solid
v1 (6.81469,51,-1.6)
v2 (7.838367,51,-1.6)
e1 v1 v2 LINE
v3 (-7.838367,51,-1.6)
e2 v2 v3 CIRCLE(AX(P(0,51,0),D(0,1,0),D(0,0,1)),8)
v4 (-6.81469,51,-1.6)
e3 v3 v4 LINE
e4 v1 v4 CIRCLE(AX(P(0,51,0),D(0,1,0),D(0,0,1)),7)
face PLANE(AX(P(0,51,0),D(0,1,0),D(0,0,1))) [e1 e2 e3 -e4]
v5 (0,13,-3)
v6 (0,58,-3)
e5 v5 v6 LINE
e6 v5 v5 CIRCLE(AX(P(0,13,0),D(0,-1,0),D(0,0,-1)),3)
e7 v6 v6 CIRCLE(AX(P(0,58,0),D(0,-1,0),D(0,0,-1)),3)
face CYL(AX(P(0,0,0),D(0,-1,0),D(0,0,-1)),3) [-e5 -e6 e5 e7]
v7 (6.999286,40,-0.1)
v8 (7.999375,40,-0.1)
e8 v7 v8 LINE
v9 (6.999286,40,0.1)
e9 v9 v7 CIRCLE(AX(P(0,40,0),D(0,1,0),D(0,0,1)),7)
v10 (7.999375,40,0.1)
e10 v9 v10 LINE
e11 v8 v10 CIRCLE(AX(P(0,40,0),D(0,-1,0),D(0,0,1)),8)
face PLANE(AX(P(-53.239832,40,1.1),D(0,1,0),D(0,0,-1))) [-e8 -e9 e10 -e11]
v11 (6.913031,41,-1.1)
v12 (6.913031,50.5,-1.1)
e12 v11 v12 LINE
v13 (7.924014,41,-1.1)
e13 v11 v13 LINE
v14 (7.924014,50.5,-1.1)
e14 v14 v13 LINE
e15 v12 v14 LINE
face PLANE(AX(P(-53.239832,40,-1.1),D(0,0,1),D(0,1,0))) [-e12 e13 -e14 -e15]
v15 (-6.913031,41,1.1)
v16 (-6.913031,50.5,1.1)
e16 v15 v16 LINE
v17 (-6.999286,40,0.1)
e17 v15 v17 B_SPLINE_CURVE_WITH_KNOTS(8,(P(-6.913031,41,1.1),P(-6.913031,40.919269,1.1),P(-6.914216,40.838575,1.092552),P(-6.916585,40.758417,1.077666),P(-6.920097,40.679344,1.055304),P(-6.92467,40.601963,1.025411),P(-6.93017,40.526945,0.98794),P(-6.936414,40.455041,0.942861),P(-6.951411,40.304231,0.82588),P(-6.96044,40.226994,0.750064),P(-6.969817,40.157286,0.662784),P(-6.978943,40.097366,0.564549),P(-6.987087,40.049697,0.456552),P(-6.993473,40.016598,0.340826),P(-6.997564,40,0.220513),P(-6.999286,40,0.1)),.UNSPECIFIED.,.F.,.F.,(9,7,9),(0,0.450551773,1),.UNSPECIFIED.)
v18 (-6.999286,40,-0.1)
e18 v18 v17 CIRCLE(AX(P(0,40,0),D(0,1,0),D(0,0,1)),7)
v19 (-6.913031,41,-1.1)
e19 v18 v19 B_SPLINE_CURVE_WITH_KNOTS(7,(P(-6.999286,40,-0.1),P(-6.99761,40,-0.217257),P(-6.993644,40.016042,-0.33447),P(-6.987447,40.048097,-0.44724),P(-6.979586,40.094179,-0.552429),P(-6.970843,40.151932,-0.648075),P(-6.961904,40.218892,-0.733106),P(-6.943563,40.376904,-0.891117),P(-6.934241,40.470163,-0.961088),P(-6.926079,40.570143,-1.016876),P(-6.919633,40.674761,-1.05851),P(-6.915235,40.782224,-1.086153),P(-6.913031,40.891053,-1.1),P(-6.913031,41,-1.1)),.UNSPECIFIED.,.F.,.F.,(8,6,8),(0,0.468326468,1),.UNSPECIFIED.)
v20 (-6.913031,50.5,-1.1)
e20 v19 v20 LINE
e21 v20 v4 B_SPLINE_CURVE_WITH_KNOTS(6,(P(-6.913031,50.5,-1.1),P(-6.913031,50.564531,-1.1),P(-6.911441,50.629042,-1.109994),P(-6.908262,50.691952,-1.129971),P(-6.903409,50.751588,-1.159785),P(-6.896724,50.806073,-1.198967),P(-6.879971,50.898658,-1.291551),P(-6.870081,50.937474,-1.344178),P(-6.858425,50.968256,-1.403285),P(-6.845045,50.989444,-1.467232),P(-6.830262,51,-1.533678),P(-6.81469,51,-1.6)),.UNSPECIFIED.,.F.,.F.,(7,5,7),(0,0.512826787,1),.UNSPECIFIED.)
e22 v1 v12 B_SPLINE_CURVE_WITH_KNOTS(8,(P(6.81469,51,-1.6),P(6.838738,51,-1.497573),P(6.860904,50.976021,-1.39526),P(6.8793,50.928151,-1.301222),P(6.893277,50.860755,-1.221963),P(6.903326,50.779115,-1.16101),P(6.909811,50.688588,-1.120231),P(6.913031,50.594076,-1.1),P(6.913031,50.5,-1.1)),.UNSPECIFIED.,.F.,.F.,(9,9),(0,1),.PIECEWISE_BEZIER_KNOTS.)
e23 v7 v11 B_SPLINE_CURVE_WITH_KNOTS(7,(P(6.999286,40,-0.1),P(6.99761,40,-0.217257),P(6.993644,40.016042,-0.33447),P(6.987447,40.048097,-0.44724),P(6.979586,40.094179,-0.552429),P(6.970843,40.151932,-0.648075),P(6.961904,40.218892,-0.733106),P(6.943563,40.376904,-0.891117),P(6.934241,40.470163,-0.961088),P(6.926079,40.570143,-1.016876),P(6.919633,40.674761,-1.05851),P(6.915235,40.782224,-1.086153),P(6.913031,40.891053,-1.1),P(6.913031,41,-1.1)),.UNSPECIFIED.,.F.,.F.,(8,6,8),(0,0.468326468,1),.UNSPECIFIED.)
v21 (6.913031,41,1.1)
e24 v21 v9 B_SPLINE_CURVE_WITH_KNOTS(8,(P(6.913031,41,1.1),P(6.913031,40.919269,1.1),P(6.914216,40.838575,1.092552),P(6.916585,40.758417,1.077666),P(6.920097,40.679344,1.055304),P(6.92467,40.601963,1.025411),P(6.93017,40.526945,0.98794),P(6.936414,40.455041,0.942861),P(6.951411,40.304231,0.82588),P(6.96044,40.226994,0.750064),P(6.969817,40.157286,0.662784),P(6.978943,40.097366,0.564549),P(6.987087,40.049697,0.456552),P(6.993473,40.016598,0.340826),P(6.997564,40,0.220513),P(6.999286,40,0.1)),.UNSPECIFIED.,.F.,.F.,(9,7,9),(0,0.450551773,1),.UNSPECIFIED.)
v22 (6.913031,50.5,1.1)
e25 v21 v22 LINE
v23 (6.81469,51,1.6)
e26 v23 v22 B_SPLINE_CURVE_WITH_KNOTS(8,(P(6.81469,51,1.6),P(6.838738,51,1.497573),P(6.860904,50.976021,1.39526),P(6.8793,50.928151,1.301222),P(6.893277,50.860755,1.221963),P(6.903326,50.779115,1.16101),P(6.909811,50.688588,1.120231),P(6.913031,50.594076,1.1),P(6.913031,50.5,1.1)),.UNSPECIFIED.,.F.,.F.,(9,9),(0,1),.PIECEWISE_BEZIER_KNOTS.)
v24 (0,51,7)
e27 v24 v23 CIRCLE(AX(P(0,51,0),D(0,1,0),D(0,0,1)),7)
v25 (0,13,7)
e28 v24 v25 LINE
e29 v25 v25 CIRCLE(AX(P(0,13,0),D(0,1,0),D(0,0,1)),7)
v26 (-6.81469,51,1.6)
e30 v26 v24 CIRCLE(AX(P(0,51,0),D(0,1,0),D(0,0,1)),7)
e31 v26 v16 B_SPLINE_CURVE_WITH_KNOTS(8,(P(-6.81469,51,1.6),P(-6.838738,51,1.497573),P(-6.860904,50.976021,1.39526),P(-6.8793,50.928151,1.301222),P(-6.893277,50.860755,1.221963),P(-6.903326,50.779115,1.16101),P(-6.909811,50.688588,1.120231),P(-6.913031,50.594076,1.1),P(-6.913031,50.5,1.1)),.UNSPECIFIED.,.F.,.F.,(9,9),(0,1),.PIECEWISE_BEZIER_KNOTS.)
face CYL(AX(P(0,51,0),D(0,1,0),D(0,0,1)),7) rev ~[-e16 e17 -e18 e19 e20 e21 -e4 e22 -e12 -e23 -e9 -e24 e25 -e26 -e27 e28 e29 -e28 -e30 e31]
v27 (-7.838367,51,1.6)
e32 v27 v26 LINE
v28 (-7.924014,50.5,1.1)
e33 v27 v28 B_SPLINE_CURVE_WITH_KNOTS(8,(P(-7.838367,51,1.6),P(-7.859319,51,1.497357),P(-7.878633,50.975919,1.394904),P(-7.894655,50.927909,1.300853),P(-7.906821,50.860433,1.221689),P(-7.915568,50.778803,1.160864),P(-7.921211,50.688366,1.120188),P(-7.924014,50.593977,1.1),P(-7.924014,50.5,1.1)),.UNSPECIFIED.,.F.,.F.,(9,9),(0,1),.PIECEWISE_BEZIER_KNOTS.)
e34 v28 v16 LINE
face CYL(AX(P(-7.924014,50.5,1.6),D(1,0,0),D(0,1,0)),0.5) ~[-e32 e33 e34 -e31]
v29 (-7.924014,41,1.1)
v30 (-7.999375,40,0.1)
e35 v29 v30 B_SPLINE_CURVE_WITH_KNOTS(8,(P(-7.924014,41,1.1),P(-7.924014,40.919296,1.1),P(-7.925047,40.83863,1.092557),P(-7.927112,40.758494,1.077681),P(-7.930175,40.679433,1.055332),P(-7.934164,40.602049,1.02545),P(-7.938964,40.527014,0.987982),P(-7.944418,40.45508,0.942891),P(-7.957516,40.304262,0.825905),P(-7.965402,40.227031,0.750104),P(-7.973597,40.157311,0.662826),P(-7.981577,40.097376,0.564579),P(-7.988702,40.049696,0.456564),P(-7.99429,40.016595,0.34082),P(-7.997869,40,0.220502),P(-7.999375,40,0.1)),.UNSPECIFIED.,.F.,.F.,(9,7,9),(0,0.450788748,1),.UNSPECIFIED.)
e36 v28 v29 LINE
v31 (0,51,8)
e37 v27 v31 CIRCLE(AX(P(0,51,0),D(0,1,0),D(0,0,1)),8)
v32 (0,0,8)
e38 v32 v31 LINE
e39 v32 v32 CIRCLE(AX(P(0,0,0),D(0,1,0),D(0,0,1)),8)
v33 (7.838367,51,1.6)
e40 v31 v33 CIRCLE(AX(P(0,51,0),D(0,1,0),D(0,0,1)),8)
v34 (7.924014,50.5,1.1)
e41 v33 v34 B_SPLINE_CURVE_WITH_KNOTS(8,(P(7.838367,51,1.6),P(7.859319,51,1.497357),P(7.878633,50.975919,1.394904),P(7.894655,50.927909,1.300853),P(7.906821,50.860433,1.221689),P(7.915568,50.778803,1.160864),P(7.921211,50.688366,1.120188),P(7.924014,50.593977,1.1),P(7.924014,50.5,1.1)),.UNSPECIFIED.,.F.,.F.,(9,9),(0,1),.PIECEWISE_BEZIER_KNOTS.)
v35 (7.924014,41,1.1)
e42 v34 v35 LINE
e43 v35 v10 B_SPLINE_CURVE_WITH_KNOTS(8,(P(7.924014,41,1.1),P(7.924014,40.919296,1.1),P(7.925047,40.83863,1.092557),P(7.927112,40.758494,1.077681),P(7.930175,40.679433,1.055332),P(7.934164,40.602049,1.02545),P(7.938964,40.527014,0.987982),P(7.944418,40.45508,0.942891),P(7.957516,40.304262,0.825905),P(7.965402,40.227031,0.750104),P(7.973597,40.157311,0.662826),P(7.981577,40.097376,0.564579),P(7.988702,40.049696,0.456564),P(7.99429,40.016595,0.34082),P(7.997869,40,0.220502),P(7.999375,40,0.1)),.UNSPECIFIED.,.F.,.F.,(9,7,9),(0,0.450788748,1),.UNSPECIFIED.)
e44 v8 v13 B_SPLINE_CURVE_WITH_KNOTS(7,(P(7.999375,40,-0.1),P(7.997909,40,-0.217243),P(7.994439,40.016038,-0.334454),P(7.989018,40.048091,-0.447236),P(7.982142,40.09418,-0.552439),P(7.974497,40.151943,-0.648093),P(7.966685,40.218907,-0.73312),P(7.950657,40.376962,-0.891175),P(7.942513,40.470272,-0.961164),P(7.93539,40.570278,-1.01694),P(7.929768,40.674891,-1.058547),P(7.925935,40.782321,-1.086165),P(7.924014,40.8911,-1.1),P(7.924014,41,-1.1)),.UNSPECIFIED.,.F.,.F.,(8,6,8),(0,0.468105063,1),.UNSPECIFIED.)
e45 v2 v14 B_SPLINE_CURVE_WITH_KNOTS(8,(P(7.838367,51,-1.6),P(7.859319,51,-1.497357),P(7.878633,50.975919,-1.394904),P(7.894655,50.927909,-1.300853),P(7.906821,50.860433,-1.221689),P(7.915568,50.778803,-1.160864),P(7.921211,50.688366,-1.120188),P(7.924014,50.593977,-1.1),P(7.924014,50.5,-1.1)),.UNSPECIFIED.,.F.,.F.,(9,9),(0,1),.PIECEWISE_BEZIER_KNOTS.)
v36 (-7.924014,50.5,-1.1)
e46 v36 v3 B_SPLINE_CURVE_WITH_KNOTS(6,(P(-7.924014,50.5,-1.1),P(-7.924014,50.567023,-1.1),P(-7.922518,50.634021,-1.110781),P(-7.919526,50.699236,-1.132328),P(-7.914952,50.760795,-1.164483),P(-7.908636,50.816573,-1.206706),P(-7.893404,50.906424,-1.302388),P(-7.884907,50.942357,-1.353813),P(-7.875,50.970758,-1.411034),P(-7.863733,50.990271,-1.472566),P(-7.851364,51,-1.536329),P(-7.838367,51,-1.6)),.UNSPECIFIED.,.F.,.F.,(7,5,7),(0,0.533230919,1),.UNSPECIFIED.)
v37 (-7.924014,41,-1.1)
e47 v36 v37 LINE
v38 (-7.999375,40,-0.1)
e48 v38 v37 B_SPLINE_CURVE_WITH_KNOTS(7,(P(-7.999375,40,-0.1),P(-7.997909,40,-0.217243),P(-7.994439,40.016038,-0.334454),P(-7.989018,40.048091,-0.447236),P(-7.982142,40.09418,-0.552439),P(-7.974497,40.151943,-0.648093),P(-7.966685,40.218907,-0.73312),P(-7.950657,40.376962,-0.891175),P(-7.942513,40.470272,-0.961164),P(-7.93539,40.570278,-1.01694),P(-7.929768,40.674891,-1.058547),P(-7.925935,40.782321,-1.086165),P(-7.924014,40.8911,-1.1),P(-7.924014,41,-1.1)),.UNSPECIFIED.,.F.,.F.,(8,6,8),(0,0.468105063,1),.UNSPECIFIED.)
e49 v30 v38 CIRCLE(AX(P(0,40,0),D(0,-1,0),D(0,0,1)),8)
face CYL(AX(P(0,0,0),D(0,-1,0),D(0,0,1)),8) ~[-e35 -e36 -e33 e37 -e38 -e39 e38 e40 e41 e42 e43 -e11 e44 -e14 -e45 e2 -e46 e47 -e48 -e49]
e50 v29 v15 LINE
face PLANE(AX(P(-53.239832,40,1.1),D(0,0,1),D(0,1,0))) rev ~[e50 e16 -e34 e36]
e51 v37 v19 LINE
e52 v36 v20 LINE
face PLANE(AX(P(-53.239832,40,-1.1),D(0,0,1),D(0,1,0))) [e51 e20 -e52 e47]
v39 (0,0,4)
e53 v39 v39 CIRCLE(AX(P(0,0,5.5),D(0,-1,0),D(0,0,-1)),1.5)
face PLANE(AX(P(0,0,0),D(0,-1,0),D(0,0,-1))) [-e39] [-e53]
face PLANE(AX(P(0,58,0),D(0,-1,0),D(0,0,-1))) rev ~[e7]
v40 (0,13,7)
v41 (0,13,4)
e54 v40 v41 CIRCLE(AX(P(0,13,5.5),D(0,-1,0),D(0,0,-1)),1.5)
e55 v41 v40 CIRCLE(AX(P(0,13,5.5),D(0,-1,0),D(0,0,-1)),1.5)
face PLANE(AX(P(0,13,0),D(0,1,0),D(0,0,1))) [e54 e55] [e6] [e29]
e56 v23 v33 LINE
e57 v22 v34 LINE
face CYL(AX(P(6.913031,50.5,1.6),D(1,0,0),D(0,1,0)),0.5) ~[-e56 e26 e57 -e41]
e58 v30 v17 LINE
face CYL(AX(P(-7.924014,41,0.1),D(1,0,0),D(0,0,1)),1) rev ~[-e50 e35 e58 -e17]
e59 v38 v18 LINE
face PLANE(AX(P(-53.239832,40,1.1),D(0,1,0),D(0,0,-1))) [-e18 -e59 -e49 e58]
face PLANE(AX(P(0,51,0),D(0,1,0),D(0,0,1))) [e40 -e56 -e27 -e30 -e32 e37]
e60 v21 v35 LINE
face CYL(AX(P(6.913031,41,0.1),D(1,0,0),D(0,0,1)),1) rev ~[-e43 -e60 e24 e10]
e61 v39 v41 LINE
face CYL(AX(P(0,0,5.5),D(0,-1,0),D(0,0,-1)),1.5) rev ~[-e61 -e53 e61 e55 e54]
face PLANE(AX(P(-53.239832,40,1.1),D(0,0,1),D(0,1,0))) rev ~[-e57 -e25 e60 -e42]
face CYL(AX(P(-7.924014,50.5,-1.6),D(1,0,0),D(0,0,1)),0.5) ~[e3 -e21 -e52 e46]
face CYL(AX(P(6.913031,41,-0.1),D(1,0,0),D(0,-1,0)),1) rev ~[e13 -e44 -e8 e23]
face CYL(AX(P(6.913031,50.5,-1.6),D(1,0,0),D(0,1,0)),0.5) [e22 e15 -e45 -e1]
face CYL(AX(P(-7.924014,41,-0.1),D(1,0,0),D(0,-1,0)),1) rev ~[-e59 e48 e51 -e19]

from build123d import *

# Parameters (mm, degrees)
SKETCH_1_R               = 8
EXTRUDE_1_DEPTH          = 51
SKETCH_2_R               = 7
CUT_EXTRUDE_1_DEPTH      = 38
CUT_EXTRUDE_2_DEPTH      = 53.239831546
CUT_EXTRUDE_2_DEPTH_BACK = 53.239831546
SKETCH_3_W               = 2.2
SKETCH_3_H               = 22
FILLET_1_R               = 0.5
FILLET_2_R               = 1
SKETCH_5_R               = 1.5
CUT_EXTRUDE_8_DEPTH      = 38
SKETCH_4_R               = 3
EXTRUDE_2_DEPTH          = 58


with BuildPart() as part:
    # 草图1 → 凸台-拉伸1 (new body)
    with BuildSketch(Plane(origin=(0, 0, 0), x_dir=(1, 0, 0), z_dir=(0, 1, 0))):
        with Locations(Location((0, 0, 0), (0, 0, 270))):
            Circle(SKETCH_1_R)
    extrude(amount=EXTRUDE_1_DEPTH)

    # 草图2 → 切除-拉伸1 (cut)
    with BuildSketch(Plane(origin=(0, 51, 0), x_dir=(1, 0, 0), z_dir=(0, 1, 0))):
        with Locations(Location((0, 0, 0), (0, 0, 270))):
            Circle(SKETCH_2_R)
    extrude(amount=-CUT_EXTRUDE_1_DEPTH, mode=Mode.SUBTRACT)

    # 草图3 → 切除-拉伸2 (cut, two sides: drawn at the far end of the back side and taken through both)
    with BuildSketch(Plane(origin=(0, 0, 0), x_dir=(0, 0, -1), z_dir=(1, 0, 0)).offset(-CUT_EXTRUDE_2_DEPTH_BACK)):
        with Locations((0, 51)):
            Rectangle(SKETCH_3_W, SKETCH_3_H)
    extrude(amount=CUT_EXTRUDE_2_DEPTH + CUT_EXTRUDE_2_DEPTH_BACK, mode=Mode.SUBTRACT)

    # 圆角1
    fillet_1_edges = [part.edges().sort_by_distance(p)[0] for p in [
        (7.418522654, 51, -1.1),
        (-7.418522654, 51, -1.1),
        (-7.418522654, 51, 1.1),
        (7.418522654, 51, 1.1),
    ]]
    fillet(fillet_1_edges, radius=FILLET_1_R)

    # 圆角2
    fillet_2_edges = [part.edges().sort_by_distance(p)[0] for p in [
        (7.418522654, 40, -1.1),
        (-7.418522654, 40, -1.1),
        (7.418522654, 40, 1.1),
        (-7.418522654, 40, 1.1),
    ]]
    fillet(fillet_2_edges, radius=FILLET_2_R)

    # 草图5 → 切除-拉伸8 (cut)
    with BuildSketch(Plane.XZ):
        with Locations(Location((0, 5.5, 0), (0, 0, 270))):
            Circle(SKETCH_5_R)
    extrude(amount=-CUT_EXTRUDE_8_DEPTH, mode=Mode.SUBTRACT)

    # 草图4 → 凸台-拉伸2 (add)
    with BuildSketch(Plane(origin=(0, 0, 0), x_dir=(-1, 0, 0), z_dir=(0, -1, 0))):
        with Locations(Location((0, 0, 0), (0, 0, 90))):
            Circle(SKETCH_4_R)
    extrude(amount=-EXTRUDE_2_DEPTH)


solid = part.part
